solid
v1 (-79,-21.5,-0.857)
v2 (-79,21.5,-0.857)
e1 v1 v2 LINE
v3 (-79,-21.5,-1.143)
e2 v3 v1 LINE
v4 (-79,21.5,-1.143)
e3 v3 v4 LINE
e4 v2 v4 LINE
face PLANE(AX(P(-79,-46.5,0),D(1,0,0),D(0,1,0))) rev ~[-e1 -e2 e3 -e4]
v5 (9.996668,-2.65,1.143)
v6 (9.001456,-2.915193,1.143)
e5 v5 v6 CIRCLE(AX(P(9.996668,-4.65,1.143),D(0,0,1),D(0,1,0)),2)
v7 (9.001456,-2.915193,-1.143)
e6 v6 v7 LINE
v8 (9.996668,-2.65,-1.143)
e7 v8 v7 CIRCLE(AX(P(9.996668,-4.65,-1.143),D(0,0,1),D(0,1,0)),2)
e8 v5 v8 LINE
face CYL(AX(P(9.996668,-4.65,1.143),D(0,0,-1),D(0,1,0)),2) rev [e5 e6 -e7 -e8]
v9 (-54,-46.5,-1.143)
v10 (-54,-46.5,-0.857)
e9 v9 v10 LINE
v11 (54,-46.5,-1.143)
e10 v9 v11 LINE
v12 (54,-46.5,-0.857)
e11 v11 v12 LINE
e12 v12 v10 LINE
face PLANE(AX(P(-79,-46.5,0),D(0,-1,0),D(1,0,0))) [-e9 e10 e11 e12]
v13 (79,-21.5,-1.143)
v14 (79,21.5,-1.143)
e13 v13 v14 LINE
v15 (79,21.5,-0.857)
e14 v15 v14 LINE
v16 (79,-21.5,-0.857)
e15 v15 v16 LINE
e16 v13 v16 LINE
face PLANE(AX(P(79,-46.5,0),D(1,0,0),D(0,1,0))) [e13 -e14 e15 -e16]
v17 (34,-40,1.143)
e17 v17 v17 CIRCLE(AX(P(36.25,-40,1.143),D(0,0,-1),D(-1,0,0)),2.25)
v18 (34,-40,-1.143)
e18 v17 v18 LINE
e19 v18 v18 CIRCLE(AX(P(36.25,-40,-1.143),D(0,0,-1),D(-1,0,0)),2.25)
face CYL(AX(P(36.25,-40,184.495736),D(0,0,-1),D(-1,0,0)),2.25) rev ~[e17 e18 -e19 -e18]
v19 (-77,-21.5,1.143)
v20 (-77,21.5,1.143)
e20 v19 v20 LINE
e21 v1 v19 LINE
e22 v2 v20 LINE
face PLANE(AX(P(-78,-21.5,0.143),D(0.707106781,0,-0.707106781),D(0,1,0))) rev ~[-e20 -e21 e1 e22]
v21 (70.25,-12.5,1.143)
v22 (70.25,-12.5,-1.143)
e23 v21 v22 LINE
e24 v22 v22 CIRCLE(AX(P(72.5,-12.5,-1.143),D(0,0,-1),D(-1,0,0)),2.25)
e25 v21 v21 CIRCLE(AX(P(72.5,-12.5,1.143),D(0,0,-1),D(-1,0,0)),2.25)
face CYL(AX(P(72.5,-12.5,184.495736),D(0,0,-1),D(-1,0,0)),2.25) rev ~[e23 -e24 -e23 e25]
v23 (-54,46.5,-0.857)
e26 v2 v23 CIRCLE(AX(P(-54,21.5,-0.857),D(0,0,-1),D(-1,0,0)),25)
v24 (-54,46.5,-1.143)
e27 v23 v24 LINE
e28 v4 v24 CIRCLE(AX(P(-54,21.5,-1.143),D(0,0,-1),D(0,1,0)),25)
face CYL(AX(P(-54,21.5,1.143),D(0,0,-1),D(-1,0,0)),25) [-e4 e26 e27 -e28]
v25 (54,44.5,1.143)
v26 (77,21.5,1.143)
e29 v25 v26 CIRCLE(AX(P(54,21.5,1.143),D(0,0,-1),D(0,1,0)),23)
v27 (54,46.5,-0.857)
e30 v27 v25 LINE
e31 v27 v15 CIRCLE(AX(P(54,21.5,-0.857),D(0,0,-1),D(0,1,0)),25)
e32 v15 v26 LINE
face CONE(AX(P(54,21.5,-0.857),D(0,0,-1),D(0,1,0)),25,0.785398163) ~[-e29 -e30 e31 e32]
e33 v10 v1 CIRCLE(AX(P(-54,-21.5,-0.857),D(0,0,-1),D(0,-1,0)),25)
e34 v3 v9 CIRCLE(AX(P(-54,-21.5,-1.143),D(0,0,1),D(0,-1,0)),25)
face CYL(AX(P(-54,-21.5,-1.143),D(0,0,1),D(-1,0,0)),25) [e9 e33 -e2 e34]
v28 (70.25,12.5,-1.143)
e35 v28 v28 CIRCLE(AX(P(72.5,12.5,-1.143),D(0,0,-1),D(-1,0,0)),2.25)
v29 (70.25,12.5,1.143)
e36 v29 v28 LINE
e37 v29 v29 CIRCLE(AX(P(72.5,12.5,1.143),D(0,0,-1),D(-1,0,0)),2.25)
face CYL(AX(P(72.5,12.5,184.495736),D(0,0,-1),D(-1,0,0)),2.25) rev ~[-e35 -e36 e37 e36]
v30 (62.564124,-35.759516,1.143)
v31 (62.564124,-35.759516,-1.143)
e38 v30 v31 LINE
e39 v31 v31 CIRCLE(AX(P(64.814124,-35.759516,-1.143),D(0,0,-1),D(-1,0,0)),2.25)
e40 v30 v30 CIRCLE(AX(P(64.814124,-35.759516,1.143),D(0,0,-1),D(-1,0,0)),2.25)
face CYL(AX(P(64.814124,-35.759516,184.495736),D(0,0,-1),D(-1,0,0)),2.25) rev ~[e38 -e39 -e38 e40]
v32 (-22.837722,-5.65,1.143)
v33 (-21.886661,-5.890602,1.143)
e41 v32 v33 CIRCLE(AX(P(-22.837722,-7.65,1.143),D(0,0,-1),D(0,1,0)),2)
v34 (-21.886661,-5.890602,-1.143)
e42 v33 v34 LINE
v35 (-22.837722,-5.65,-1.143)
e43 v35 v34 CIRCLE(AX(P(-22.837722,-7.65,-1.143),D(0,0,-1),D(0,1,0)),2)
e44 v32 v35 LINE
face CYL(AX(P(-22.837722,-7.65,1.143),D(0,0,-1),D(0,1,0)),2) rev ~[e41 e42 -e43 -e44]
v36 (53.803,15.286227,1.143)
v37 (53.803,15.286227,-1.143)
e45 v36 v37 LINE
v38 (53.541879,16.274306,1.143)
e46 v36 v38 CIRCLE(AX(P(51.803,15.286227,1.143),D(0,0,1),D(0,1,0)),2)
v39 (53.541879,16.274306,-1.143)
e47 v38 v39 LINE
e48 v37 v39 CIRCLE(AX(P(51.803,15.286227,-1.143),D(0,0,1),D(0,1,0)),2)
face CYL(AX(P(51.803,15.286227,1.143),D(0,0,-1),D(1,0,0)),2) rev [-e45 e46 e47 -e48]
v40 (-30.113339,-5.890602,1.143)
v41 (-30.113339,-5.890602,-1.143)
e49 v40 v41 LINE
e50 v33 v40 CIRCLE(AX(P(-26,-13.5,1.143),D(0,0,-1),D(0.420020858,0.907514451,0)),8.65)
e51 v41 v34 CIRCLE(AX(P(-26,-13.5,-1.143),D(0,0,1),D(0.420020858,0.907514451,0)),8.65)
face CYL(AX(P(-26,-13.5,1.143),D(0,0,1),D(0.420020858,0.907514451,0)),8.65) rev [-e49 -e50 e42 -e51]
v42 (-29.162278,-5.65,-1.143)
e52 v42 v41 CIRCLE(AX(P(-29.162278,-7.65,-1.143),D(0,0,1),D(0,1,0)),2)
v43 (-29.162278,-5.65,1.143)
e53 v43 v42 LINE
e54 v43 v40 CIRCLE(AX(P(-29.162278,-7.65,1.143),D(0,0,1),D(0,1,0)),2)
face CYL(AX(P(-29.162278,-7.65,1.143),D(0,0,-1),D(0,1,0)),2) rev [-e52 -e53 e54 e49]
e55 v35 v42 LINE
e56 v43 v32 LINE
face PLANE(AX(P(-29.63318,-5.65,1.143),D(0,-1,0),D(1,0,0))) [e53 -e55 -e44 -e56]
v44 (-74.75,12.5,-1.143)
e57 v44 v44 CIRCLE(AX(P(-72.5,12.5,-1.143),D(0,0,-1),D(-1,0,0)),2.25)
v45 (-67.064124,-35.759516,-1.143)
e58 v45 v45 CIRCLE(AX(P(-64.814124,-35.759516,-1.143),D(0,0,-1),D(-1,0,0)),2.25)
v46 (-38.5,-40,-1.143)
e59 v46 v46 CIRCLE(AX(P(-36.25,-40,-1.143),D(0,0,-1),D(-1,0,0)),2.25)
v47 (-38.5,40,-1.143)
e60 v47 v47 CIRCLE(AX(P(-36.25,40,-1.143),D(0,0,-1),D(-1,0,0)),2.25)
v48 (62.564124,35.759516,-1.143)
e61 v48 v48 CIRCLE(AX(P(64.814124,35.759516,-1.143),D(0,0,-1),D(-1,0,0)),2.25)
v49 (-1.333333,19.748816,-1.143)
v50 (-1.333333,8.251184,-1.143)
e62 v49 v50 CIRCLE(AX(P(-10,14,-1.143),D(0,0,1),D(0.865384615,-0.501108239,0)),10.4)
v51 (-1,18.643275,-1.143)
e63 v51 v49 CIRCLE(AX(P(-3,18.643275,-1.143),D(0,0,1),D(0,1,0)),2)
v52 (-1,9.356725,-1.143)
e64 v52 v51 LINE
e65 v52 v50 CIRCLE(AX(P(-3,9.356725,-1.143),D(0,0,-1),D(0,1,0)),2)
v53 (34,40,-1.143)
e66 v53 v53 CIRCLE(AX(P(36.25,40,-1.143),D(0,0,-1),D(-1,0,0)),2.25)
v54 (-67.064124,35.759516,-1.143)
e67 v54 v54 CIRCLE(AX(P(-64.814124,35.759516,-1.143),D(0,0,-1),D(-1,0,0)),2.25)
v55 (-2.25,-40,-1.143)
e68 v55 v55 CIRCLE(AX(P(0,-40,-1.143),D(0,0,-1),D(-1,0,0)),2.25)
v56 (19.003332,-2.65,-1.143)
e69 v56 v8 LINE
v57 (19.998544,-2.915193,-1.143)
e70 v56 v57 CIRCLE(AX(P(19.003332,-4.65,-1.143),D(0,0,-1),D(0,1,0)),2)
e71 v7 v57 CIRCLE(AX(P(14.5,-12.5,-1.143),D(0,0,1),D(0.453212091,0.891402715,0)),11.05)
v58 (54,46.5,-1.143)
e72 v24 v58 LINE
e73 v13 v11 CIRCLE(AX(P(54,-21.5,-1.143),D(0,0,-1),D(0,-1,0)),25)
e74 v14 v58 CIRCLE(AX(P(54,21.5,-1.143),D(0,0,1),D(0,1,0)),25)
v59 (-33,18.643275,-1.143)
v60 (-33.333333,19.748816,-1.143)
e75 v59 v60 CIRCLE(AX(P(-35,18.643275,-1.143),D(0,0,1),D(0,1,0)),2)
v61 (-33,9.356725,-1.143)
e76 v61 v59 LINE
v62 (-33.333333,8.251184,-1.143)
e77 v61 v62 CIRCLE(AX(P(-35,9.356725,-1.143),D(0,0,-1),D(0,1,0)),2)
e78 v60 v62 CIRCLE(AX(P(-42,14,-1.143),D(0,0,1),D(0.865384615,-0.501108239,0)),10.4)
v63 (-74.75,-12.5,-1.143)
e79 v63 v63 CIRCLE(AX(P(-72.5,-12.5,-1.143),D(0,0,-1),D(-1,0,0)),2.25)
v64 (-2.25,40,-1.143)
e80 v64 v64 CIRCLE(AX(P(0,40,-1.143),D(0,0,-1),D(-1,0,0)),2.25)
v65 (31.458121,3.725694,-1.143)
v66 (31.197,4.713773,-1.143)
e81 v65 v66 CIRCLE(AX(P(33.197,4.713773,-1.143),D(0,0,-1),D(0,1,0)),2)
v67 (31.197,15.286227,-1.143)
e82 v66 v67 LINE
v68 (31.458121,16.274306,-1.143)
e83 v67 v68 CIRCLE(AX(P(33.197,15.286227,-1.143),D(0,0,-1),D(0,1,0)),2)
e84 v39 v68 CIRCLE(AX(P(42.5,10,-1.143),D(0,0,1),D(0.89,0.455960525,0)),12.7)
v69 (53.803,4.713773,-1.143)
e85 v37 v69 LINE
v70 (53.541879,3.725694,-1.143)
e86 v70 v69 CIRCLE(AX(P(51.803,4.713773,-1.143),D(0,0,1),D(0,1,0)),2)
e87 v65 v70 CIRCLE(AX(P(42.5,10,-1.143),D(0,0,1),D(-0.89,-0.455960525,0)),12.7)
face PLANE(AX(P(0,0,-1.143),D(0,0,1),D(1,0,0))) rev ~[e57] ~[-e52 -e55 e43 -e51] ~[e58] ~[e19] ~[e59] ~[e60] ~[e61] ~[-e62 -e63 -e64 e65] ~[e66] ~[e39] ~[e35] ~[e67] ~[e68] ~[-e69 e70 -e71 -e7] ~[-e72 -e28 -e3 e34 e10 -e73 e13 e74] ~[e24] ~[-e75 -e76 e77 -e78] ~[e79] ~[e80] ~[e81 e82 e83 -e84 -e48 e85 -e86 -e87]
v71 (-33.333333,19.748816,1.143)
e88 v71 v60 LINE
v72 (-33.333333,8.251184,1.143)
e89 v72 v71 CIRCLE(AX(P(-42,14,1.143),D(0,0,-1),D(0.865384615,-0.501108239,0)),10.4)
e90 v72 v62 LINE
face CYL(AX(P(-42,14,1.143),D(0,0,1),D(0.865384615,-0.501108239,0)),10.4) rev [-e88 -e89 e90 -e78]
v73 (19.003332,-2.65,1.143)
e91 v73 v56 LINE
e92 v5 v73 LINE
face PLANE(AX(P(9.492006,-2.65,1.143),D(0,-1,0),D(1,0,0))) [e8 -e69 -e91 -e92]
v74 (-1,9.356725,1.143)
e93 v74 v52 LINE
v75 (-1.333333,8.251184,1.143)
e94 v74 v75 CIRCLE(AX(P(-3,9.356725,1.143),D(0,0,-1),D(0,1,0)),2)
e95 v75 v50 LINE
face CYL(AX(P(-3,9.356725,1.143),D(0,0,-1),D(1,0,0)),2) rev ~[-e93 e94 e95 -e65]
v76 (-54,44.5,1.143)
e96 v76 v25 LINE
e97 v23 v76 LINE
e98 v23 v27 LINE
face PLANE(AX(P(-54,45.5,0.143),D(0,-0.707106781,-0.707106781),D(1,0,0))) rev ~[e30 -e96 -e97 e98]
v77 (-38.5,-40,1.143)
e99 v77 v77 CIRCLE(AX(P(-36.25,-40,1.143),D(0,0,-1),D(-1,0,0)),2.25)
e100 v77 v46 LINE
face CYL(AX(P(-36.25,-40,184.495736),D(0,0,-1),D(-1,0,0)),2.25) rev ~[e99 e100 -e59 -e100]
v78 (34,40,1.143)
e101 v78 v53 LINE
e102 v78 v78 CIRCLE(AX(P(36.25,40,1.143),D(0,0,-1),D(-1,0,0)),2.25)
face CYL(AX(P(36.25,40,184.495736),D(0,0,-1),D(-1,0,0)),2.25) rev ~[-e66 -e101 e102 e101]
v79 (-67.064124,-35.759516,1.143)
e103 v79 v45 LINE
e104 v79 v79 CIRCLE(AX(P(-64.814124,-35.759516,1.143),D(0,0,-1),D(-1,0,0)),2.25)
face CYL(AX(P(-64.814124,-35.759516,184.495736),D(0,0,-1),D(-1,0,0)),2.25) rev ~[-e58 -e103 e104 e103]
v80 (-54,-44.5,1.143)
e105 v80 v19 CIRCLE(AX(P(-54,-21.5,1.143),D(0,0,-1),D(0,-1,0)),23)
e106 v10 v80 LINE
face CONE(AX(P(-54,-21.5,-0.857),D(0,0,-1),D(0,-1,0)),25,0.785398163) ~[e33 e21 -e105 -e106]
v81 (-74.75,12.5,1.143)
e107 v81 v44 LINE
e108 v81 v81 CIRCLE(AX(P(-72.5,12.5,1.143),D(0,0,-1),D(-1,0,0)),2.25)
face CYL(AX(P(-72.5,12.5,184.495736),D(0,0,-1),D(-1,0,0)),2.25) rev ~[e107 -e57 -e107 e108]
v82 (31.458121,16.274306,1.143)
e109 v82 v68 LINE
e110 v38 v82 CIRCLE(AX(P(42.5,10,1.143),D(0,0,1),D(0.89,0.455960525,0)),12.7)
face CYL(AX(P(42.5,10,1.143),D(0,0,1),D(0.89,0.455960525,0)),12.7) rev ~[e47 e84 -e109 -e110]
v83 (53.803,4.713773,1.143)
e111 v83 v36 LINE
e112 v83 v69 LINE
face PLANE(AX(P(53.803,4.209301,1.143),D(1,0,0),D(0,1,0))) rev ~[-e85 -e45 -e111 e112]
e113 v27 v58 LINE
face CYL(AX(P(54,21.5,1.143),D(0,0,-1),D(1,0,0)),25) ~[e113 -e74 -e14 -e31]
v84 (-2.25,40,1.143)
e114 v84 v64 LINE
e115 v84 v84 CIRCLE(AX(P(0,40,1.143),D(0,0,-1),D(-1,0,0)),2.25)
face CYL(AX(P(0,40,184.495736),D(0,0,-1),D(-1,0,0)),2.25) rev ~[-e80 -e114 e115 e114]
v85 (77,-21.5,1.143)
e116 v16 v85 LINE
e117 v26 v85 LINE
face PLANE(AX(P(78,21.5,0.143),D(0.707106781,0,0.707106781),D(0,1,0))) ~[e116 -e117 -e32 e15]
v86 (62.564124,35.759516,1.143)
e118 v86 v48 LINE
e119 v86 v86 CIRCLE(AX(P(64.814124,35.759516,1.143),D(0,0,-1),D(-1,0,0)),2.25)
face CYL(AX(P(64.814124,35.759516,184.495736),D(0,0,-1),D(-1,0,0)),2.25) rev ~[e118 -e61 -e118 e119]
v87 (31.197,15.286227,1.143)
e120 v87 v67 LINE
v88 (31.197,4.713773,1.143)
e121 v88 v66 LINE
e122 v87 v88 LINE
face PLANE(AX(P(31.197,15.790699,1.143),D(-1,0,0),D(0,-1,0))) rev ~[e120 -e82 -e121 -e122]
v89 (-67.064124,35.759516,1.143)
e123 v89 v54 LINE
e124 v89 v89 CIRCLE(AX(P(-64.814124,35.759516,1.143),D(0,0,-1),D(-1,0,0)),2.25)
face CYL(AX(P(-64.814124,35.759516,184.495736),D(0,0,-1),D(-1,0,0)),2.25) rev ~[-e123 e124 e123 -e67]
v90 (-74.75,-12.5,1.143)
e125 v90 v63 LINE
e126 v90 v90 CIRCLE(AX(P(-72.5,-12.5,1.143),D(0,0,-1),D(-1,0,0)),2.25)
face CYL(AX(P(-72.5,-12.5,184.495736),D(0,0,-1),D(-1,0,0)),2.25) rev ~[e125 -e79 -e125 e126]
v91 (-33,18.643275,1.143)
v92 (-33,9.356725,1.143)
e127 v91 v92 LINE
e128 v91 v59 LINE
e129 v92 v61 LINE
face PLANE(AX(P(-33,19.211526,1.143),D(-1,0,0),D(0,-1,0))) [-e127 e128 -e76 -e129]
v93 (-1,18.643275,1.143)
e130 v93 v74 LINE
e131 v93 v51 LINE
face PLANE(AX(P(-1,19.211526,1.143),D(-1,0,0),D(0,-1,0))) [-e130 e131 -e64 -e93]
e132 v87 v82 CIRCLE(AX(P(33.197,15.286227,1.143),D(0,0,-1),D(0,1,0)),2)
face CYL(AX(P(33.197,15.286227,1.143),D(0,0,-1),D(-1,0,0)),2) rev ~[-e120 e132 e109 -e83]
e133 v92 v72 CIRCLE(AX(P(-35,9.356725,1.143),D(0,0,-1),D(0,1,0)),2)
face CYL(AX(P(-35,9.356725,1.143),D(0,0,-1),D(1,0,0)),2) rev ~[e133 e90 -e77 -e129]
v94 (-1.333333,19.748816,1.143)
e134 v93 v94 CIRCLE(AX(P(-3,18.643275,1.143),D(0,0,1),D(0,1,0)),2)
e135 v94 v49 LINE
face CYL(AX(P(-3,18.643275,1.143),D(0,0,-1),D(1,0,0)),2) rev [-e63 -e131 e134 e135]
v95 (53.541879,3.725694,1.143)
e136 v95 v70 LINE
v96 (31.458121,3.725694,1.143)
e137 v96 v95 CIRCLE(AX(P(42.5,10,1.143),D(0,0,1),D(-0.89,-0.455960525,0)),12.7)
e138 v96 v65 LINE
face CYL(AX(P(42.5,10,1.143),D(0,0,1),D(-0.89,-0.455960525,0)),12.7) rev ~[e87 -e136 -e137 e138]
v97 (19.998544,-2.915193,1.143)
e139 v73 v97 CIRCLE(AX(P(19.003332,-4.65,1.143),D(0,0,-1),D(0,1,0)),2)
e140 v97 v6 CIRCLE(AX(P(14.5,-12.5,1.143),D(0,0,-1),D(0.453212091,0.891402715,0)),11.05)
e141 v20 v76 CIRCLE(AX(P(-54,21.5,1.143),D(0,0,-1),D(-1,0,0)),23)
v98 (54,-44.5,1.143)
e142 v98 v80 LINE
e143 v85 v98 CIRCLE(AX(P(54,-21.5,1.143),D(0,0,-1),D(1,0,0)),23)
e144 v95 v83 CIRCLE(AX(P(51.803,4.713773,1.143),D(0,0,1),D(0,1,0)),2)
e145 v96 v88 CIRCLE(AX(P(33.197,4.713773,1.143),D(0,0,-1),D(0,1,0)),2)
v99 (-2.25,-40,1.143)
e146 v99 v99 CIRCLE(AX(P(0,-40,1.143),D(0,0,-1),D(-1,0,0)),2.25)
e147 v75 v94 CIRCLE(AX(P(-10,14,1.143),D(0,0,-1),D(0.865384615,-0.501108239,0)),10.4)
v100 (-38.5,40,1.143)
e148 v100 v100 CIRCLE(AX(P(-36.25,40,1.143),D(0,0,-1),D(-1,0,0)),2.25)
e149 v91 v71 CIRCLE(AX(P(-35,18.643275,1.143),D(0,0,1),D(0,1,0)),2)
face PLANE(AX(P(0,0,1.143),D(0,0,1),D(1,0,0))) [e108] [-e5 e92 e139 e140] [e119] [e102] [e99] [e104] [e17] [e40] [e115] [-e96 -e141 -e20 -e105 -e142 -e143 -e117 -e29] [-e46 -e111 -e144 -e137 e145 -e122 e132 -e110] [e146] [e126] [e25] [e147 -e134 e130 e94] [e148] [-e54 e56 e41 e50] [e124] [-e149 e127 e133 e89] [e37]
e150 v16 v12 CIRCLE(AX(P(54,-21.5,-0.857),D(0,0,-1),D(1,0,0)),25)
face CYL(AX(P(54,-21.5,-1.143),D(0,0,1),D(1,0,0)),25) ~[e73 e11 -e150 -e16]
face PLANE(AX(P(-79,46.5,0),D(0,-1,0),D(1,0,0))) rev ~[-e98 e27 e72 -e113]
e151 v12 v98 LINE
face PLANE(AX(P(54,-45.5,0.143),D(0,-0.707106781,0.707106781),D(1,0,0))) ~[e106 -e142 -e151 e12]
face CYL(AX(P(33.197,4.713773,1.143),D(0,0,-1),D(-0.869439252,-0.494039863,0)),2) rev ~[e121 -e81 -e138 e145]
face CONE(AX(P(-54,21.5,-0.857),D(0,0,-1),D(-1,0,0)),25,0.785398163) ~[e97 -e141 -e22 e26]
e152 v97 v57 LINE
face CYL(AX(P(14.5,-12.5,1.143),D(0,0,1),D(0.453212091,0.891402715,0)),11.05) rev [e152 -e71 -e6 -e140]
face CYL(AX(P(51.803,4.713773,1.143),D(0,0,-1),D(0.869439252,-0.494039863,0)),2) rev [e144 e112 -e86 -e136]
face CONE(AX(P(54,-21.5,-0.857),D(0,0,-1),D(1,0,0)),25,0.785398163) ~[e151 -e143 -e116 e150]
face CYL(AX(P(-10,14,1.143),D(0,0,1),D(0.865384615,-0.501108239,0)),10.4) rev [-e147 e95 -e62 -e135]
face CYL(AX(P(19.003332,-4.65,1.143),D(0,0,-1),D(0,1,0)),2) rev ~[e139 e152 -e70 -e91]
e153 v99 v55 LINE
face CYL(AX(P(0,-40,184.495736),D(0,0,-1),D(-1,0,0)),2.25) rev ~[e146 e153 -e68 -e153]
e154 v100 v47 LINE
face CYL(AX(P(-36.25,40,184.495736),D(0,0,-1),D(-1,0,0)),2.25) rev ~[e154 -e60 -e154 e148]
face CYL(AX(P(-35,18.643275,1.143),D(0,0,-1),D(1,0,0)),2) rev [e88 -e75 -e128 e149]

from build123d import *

# Parameters (mm, degrees)
SKETCH1_W            = 158
SKETCH1_H            = 93
BOSS_EXTRUDE1_DEPTH  = 1.143
FILLET1_R            = 25
M4_CLEARANCE_HOLE1_D = 4.5
CHAMFER2_SIZE        = 2
CUT_EXTRUDE1_REACH   = 93.698
FILLET2_R            = 2


with BuildPart() as part:
    # Sketch1 → Boss-Extrude1 (new, symmetric)
    with BuildSketch(Plane.XY):
        Rectangle(SKETCH1_W, SKETCH1_H)
    extrude(amount=BOSS_EXTRUDE1_DEPTH, both=True)

    # Fillet1
    fillet1_edges = [part.edges().sort_by_distance(p)[0] for p in [
        (-79, 46.5, 0),
        (79, 46.5, 0),
        (79, -46.5, 0),
        (-79, -46.5, 0),
    ]]
    fillet(fillet1_edges, radius=FILLET1_R)

    # M4 Clearance Hole1 (through all)
    with Locations(Plane.XY.offset(1.143)):
        with Locations((72.5, 12.5), (0, 40), (0, -40), (-36.25, -40), (-36.25, 40), (36.25, 40), (36.25, -40), (-64.814123615, 35.759516477), (-64.814123615, -35.759516477), (64.814123615, -35.759516477), (64.814123615, 35.759516477), (-72.5, 12.5), (-72.5, -12.5), (72.5, -12.5)):
            Hole(M4_CLEARANCE_HOLE1_D / 2)

    # Chamfer2
    chamfer2_edges = [part.edges().sort_by_distance(p)[0] for p in [
        (-79, 0, 1.143),
        (0, 46.5, 1.143),
        (0, -46.5, 1.143),
        (79, 0, 1.143),
        (71.67766953, 39.17766953, 1.143),
        (-71.67766953, -39.17766953, 1.143),
        (71.67766953, -39.17766953, 1.143),
        (-71.67766953, 39.17766953, 1.143),
    ]]
    chamfer(chamfer2_edges, length=CHAMFER2_SIZE)

    # Sketch7 → Cut-Extrude1 (cut, up to next)
    with BuildSketch(Plane.XY.offset(1.143), mode=Mode.PRIVATE) as cut_extrude1_sk1:
        with BuildLine():
            Line((-33, 19.211525688), (-33, 8.788474312))
            ThreePointArc((-33, 8.788474312), (-52.4, 14), (-33, 19.211525688))
        make_face()
    cut_extrude1_tool1 = extrude(cut_extrude1_sk1.sketch, amount=-CUT_EXTRUDE1_REACH, mode=Mode.PRIVATE) & part.part
    # Sketch7 → Cut-Extrude1 (cut, up to next)
    with BuildSketch(Plane.XY.offset(1.143), mode=Mode.PRIVATE) as cut_extrude1_sk2:
        with BuildLine():
            Line((-29.633180425, -5.65), (-22.366819575, -5.65))
            ThreePointArc((-22.366819575, -5.65), (-26, -22.15), (-29.633180425, -5.65))
        make_face()
    cut_extrude1_tool2 = extrude(cut_extrude1_sk2.sketch, amount=-CUT_EXTRUDE1_REACH, mode=Mode.PRIVATE) & part.part
    # Sketch7 → Cut-Extrude1 (cut, up to next)
    with BuildSketch(Plane.XY.offset(1.143), mode=Mode.PRIVATE) as cut_extrude1_sk3:
        with BuildLine():
            Line((-1, 19.211525688), (-1, 8.788474312))
            ThreePointArc((-1, 8.788474312), (-20.4, 14), (-1, 19.211525688))
        make_face()
    cut_extrude1_tool3 = extrude(cut_extrude1_sk3.sketch, amount=-CUT_EXTRUDE1_REACH, mode=Mode.PRIVATE) & part.part
    # Sketch7 → Cut-Extrude1 (cut, up to next)
    with BuildSketch(Plane.XY.offset(1.143), mode=Mode.PRIVATE) as cut_extrude1_sk4:
        with BuildLine():
            Line((31.197, 15.790698663), (31.197, 4.209301337))
            ThreePointArc((31.197, 4.209301337), (42.5, -2.7), (53.803, 4.209301337))
            Line((53.803, 4.209301337), (53.803, 15.790698663))
            ThreePointArc((53.803, 15.790698663), (42.5, 22.7), (31.197, 15.790698663))
        make_face()
    cut_extrude1_tool4 = extrude(cut_extrude1_sk4.sketch, amount=-CUT_EXTRUDE1_REACH, mode=Mode.PRIVATE) & part.part
    # Sketch7 → Cut-Extrude1 (cut, up to next)
    with BuildSketch(Plane.XY.offset(1.143), mode=Mode.PRIVATE) as cut_extrude1_sk5:
        with BuildLine():
            Line((9.49200639, -2.65), (19.50799361, -2.65))
            ThreePointArc((19.50799361, -2.65), (14.5, -23.55), (9.49200639, -2.65))
        make_face()
    cut_extrude1_tool5 = extrude(cut_extrude1_sk5.sketch, amount=-CUT_EXTRUDE1_REACH, mode=Mode.PRIVATE) & part.part
    add(cut_extrude1_tool1.solids().sort_by_distance((-42.286012, 14, 1.143))[0], mode=Mode.SUBTRACT)
    add(cut_extrude1_tool2.solids().sort_by_distance((-26, -13.638318, 1.143))[0], mode=Mode.SUBTRACT)
    add(cut_extrude1_tool3.solids().sort_by_distance((-10.286012, 14, 1.143))[0], mode=Mode.SUBTRACT)
    add(cut_extrude1_tool4.solids().sort_by_distance((42.5, 10, 1.143))[0], mode=Mode.SUBTRACT)
    add(cut_extrude1_tool5.solids().sort_by_distance((14.5, -12.722997, 1.143))[0], mode=Mode.SUBTRACT)

    # Fillet2
    fillet2_edges = [part.edges().sort_by_distance(p)[0] for p in [
        (31.197, 15.790698663, 0),
        (53.803, 15.790698663, 0),
        (53.803, 4.209301337, 0),
        (31.197, 4.209301337, 0),
        (19.50799361, -2.65, 0),
        (9.49200639, -2.65, 0),
        (-1, 8.788474312, 0),
        (-1, 19.211525688, 0),
        (-33, 8.788474312, 0),
        (-33, 19.211525688, 0),
        (-22.366819575, -5.65, 0),
        (-29.633180425, -5.65, 0),
    ]]
    fillet(fillet2_edges, radius=FILLET2_R)


solid = part.part
